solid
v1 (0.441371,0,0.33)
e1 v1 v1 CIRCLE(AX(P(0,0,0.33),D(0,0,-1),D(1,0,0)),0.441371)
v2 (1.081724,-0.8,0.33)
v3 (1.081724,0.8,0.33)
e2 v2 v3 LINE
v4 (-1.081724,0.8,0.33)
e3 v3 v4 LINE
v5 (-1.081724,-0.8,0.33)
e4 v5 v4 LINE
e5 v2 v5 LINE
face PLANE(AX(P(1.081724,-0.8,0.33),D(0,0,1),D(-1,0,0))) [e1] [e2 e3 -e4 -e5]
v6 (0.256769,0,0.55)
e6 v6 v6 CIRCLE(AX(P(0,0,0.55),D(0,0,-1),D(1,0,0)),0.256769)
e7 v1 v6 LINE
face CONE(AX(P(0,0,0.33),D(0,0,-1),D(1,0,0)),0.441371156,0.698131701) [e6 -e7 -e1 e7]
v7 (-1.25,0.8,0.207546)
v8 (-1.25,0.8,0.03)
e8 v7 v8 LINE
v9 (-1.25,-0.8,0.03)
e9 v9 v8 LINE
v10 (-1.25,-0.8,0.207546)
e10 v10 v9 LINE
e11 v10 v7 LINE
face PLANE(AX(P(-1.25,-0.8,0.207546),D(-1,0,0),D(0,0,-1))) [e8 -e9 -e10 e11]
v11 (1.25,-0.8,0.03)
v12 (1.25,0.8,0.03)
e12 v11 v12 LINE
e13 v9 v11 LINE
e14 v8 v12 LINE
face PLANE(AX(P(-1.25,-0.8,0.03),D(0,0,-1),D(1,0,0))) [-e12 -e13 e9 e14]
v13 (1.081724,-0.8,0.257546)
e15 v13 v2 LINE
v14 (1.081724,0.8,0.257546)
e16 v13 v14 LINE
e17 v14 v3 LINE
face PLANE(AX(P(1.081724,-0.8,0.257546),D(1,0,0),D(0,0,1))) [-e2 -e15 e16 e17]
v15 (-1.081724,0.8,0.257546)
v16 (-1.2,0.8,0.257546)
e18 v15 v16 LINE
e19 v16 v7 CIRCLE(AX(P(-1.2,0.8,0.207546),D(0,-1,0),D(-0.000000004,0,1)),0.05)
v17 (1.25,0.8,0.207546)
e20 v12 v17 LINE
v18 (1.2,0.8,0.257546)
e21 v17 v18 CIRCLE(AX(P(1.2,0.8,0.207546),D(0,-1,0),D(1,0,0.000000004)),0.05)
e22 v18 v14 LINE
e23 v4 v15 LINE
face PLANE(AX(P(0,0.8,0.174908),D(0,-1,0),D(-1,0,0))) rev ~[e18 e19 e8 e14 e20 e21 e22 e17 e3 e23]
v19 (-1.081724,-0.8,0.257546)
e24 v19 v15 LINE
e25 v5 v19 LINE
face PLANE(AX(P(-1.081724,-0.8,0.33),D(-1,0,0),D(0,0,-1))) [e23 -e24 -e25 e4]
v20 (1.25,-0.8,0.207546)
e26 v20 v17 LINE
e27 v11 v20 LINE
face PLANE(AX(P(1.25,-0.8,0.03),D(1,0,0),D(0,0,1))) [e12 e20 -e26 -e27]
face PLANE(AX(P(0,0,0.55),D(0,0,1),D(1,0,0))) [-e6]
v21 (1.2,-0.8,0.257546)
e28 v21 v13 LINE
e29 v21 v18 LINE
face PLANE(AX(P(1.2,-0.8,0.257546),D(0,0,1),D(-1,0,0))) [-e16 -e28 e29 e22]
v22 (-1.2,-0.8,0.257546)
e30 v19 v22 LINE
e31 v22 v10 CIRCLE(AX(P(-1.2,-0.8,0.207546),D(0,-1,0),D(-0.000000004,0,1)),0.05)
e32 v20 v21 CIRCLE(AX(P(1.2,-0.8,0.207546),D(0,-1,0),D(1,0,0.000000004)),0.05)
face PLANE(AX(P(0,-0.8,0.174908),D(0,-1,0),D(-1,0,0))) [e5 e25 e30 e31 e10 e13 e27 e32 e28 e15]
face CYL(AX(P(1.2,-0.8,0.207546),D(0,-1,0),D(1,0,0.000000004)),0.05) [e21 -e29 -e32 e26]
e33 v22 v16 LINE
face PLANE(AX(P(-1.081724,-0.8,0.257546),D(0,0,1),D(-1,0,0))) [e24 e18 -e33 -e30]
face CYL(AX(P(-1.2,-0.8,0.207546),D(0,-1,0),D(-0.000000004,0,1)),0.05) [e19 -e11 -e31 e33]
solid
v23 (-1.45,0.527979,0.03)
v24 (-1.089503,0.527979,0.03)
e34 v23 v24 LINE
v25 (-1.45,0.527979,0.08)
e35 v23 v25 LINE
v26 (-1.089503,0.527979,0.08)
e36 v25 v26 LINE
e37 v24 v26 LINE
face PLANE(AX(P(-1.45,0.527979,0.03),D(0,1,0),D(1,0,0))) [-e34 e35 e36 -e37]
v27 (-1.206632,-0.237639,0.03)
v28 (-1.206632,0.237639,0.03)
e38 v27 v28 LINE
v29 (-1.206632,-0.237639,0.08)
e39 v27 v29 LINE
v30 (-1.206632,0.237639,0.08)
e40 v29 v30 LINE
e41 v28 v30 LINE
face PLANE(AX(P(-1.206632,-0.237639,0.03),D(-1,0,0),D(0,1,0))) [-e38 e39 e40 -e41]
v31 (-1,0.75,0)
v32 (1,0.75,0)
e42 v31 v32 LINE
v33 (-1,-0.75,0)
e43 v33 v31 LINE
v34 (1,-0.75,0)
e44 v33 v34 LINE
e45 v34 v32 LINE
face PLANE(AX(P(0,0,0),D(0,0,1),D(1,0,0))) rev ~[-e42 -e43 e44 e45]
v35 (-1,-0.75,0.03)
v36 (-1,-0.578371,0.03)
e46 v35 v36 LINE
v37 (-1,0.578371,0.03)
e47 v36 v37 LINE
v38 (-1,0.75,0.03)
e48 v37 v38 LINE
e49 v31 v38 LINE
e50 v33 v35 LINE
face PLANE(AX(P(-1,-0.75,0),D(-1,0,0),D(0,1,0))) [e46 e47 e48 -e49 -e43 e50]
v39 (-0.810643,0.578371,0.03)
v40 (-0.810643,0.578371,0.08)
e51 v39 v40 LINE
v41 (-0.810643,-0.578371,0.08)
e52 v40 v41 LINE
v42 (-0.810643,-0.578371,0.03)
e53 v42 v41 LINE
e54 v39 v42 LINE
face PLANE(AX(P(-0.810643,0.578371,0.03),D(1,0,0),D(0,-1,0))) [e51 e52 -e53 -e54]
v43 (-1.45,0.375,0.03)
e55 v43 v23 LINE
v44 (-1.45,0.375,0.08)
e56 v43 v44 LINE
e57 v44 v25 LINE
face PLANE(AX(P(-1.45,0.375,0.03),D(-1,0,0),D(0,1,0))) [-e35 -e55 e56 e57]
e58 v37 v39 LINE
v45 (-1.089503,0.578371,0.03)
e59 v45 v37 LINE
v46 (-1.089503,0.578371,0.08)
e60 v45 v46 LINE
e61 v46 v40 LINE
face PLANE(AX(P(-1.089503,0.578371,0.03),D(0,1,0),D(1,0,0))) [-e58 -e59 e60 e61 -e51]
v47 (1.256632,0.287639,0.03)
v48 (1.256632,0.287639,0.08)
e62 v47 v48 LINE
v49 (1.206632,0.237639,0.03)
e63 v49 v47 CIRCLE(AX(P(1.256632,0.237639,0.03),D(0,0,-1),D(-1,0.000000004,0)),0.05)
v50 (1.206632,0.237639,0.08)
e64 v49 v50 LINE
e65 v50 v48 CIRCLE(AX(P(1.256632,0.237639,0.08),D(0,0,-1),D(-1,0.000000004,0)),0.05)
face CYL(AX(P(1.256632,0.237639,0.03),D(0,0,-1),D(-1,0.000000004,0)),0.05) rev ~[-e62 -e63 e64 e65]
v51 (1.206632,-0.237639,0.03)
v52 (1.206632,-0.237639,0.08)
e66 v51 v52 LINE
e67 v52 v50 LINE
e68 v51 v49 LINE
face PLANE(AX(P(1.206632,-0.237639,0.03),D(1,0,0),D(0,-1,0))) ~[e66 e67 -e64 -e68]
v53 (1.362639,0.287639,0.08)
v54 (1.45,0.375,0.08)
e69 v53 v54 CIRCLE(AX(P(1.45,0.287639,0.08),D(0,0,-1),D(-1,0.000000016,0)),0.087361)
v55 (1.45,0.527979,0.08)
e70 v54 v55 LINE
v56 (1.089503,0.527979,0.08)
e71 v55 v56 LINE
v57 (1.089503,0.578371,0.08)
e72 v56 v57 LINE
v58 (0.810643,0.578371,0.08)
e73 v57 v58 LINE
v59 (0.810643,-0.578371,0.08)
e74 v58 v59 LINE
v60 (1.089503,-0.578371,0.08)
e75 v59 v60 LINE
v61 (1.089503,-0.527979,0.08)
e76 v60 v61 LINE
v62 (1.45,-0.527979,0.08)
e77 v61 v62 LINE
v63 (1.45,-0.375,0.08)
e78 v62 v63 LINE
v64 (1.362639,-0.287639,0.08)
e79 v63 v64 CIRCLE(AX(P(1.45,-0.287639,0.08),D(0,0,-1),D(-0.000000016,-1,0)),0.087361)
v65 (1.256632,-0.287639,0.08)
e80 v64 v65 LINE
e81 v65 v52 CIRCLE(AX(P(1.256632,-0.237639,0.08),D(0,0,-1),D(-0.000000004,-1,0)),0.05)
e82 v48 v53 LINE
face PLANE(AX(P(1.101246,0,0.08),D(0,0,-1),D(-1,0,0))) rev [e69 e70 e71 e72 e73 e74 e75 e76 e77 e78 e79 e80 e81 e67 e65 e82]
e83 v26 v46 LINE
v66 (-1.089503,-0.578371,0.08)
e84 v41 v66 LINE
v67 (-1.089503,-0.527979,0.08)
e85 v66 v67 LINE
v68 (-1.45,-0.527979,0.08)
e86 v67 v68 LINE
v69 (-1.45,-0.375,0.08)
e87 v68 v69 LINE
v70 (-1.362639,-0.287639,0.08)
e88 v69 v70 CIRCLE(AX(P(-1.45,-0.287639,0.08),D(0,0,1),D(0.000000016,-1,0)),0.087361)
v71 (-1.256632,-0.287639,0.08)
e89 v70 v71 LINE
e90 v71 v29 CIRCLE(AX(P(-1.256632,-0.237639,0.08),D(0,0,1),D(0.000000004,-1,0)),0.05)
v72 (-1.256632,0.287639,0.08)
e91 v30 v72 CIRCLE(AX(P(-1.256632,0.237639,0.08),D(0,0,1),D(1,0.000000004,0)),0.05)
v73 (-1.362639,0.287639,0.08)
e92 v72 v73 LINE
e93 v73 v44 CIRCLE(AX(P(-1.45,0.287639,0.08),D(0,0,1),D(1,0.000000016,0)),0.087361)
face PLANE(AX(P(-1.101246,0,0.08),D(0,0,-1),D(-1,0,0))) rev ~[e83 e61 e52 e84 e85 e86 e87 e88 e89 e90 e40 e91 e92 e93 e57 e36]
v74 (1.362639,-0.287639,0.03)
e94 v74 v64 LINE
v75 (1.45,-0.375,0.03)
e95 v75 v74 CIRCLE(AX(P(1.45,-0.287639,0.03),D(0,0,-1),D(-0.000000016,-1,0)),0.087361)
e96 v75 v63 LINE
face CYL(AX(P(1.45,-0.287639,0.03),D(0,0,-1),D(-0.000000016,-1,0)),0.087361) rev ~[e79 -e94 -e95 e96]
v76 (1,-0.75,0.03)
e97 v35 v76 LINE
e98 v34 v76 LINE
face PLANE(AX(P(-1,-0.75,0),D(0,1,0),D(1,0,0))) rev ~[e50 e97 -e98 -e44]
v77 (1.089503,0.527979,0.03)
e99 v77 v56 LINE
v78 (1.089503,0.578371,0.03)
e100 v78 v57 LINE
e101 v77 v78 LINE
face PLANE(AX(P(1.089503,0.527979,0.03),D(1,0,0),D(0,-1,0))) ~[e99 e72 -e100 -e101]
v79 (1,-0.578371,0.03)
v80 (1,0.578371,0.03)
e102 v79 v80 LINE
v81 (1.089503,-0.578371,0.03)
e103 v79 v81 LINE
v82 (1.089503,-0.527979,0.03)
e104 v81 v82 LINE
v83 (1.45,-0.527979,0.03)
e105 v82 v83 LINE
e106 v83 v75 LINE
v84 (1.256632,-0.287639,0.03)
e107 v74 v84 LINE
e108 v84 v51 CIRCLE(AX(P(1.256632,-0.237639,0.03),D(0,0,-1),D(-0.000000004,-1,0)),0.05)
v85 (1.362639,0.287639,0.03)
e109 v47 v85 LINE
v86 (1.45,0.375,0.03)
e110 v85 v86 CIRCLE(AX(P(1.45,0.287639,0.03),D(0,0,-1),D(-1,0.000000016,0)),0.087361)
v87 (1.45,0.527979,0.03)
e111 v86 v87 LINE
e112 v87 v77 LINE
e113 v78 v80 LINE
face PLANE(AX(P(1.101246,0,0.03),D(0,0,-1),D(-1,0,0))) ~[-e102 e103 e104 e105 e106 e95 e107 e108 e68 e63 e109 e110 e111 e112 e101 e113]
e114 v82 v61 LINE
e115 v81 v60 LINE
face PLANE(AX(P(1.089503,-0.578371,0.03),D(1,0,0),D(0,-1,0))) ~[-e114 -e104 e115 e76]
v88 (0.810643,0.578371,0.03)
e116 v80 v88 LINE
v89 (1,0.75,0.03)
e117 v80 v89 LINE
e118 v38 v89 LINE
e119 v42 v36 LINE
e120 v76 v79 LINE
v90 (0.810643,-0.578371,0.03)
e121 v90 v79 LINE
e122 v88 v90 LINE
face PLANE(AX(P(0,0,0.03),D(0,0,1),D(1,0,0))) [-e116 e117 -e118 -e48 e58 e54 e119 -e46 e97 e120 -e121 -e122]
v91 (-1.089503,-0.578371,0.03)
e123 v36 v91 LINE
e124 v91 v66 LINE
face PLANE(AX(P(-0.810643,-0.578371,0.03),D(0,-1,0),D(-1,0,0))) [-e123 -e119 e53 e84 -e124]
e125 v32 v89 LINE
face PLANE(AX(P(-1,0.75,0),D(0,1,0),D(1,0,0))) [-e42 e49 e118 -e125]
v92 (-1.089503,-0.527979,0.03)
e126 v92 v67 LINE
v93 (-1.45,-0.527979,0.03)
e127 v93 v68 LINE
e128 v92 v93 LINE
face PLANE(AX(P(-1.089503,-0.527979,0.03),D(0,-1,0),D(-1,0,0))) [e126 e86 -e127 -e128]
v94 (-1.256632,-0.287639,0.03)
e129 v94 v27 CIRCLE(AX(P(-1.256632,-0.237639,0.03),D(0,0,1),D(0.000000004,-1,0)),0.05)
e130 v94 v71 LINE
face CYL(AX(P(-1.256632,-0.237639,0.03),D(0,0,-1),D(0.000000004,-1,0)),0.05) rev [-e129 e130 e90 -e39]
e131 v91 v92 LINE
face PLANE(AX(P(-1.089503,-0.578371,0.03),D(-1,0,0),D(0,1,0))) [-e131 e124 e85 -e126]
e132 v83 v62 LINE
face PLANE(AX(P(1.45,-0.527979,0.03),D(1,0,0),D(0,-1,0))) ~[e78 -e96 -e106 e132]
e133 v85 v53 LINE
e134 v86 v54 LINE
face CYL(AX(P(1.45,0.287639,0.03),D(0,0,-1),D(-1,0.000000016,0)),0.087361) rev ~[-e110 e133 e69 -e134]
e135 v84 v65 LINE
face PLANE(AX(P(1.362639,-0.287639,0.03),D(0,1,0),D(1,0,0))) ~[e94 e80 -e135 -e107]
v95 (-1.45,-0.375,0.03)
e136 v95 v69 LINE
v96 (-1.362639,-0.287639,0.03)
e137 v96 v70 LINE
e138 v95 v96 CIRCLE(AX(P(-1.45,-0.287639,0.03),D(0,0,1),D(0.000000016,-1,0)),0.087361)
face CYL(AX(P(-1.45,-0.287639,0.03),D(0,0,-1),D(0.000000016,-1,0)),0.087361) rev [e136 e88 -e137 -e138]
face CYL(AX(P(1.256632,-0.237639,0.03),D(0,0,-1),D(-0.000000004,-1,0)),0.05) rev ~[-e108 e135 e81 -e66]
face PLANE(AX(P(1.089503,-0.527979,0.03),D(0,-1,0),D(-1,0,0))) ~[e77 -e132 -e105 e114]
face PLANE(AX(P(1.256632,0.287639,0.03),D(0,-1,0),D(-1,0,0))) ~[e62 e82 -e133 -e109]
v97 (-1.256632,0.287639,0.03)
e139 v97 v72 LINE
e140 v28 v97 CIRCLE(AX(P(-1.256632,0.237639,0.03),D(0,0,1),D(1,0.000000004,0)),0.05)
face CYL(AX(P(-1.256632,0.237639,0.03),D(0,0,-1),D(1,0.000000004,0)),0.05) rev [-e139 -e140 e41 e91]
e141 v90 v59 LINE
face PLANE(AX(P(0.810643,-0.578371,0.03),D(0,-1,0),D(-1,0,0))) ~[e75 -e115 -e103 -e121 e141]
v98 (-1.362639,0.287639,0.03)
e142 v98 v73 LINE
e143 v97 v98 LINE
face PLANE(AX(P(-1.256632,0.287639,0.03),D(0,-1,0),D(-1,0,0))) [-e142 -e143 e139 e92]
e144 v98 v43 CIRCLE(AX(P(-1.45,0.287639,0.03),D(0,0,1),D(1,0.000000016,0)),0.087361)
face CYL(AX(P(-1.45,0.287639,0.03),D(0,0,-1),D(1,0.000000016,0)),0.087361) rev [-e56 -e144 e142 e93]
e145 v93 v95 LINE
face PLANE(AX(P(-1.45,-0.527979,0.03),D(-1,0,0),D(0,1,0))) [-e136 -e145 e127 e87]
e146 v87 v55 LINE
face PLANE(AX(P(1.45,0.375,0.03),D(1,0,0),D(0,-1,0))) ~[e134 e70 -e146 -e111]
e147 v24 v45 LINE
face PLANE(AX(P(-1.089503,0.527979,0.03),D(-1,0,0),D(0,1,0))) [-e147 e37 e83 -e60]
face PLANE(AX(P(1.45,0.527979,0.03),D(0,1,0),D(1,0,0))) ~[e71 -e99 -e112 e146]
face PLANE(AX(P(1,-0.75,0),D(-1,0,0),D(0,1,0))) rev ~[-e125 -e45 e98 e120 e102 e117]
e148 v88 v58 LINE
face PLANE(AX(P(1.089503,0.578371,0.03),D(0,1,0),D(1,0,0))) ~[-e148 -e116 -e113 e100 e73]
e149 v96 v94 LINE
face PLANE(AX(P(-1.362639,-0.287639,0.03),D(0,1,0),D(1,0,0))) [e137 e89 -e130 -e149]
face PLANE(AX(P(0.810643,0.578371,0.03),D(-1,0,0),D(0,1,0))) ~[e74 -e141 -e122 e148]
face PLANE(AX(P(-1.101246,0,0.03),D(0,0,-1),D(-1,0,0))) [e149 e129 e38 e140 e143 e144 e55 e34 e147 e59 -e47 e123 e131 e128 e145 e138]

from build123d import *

# Parameters (mm, degrees)
SKETCH1_W                = 2
SKETCH1_H                = 1.5
BOSS_EXTRUDE1_DEPTH      = 0.03
BOSS_EXTRUDE2_DEPTH      = 0.05
BOSS_EXTRUDE3_DEPTH      = 0.8
BOSS_EXTRUDE3_DEPTH_BACK = 0.8
SKETCH4_R                = 0.441371156
BOSS_EXTRUDE5_DEPTH      = 0.22
BOSS_EXTRUDE5_TAPER      = 40


with BuildPart() as part:
    # Sketch1 → Boss-Extrude1 (new body)
    with BuildSketch(Plane.XY):
        Rectangle(SKETCH1_W, SKETCH1_H)
    extrude(amount=BOSS_EXTRUDE1_DEPTH)

    # Sketch2 → Boss-Extrude2 (add)
    with BuildSketch(Plane.XY.offset(0.03)):
        with BuildLine():
            Line((-0.810643371, 0.578370815), (-0.810643371, -0.578370815))
            Line((-0.810643371, -0.578370815), (-1.089503482, -0.578370815))
            Line((-1.089503482, -0.578370815), (-1.089503482, -0.527978988))
            Line((-1.089503482, -0.527978988), (-1.45, -0.527978988))
            Line((-1.45, -0.527978988), (-1.45, -0.375))
            ThreePointArc((-1.45, -0.375), (-1.388226406, -0.349412539), (-1.362638945, -0.287638945))
            Line((-1.362638945, -0.287638945), (-1.256631634, -0.287638945))
            ThreePointArc((-1.256631634, -0.287638945), (-1.221276295, -0.272994284), (-1.206631634, -0.237638945))
            Line((-1.206631634, -0.237638945), (-1.206631634, 0.237638945))
            ThreePointArc((-1.206631634, 0.237638945), (-1.221276295, 0.272994284), (-1.256631634, 0.287638945))
            Line((-1.256631634, 0.287638945), (-1.362638945, 0.287638945))
            ThreePointArc((-1.362638945, 0.287638945), (-1.388226406, 0.349412539), (-1.45, 0.375))
            Line((-1.45, 0.375), (-1.45, 0.527978988))
            Line((-1.45, 0.527978988), (-1.089503482, 0.527978988))
            Line((-1.089503482, 0.527978988), (-1.089503482, 0.578370815))
            Line((-1.089503482, 0.578370815), (-0.810643371, 0.578370815))
        make_face()
    boss_extrude2 = extrude(amount=BOSS_EXTRUDE2_DEPTH)

    # Mirror1: Boss-Extrude2 across plane
    add(boss_extrude2.mirror(Plane(origin=(0, 0, 0), x_dir=(0, 0, 1), z_dir=(1, 0, 0))))


with BuildPart() as body_2:
    # Sketch3 → Boss-Extrude3 (new, two sides: drawn at the far end of the back side and taken through both)
    with BuildSketch(Plane(origin=(0, 0, 0), x_dir=(1, 0, 0), z_dir=(0, 1, 0)).offset(-BOSS_EXTRUDE3_DEPTH_BACK)):
        with BuildLine():
            Line((1.081724283, -0.33), (-1.081724283, -0.33))
            Line((-1.081724283, -0.33), (-1.081724283, -0.257546264))
            Line((-1.081724283, -0.257546264), (-1.2, -0.257546264))
            ThreePointArc((-1.2, -0.257546264), (-1.235355339, -0.242901603), (-1.25, -0.207546264))
            Line((-1.25, -0.207546264), (-1.25, -0.03))
            Line((-1.25, -0.03), (1.25, -0.03))
            Line((1.25, -0.03), (1.25, -0.207546264))
            ThreePointArc((1.25, -0.207546264), (1.235355339, -0.242901603), (1.2, -0.257546264))
            Line((1.2, -0.257546264), (1.081724283, -0.257546264))
            Line((1.081724283, -0.257546264), (1.081724283, -0.33))
        make_face()
    extrude(amount=BOSS_EXTRUDE3_DEPTH + BOSS_EXTRUDE3_DEPTH_BACK)

    # Sketch4 → Boss-Extrude5 (add)
    with BuildSketch(Plane.XY.offset(0.33)):
        Circle(SKETCH4_R)
    extrude(amount=BOSS_EXTRUDE5_DEPTH, taper=BOSS_EXTRUDE5_TAPER)


solid = Compound([part.part, body_2.part])
